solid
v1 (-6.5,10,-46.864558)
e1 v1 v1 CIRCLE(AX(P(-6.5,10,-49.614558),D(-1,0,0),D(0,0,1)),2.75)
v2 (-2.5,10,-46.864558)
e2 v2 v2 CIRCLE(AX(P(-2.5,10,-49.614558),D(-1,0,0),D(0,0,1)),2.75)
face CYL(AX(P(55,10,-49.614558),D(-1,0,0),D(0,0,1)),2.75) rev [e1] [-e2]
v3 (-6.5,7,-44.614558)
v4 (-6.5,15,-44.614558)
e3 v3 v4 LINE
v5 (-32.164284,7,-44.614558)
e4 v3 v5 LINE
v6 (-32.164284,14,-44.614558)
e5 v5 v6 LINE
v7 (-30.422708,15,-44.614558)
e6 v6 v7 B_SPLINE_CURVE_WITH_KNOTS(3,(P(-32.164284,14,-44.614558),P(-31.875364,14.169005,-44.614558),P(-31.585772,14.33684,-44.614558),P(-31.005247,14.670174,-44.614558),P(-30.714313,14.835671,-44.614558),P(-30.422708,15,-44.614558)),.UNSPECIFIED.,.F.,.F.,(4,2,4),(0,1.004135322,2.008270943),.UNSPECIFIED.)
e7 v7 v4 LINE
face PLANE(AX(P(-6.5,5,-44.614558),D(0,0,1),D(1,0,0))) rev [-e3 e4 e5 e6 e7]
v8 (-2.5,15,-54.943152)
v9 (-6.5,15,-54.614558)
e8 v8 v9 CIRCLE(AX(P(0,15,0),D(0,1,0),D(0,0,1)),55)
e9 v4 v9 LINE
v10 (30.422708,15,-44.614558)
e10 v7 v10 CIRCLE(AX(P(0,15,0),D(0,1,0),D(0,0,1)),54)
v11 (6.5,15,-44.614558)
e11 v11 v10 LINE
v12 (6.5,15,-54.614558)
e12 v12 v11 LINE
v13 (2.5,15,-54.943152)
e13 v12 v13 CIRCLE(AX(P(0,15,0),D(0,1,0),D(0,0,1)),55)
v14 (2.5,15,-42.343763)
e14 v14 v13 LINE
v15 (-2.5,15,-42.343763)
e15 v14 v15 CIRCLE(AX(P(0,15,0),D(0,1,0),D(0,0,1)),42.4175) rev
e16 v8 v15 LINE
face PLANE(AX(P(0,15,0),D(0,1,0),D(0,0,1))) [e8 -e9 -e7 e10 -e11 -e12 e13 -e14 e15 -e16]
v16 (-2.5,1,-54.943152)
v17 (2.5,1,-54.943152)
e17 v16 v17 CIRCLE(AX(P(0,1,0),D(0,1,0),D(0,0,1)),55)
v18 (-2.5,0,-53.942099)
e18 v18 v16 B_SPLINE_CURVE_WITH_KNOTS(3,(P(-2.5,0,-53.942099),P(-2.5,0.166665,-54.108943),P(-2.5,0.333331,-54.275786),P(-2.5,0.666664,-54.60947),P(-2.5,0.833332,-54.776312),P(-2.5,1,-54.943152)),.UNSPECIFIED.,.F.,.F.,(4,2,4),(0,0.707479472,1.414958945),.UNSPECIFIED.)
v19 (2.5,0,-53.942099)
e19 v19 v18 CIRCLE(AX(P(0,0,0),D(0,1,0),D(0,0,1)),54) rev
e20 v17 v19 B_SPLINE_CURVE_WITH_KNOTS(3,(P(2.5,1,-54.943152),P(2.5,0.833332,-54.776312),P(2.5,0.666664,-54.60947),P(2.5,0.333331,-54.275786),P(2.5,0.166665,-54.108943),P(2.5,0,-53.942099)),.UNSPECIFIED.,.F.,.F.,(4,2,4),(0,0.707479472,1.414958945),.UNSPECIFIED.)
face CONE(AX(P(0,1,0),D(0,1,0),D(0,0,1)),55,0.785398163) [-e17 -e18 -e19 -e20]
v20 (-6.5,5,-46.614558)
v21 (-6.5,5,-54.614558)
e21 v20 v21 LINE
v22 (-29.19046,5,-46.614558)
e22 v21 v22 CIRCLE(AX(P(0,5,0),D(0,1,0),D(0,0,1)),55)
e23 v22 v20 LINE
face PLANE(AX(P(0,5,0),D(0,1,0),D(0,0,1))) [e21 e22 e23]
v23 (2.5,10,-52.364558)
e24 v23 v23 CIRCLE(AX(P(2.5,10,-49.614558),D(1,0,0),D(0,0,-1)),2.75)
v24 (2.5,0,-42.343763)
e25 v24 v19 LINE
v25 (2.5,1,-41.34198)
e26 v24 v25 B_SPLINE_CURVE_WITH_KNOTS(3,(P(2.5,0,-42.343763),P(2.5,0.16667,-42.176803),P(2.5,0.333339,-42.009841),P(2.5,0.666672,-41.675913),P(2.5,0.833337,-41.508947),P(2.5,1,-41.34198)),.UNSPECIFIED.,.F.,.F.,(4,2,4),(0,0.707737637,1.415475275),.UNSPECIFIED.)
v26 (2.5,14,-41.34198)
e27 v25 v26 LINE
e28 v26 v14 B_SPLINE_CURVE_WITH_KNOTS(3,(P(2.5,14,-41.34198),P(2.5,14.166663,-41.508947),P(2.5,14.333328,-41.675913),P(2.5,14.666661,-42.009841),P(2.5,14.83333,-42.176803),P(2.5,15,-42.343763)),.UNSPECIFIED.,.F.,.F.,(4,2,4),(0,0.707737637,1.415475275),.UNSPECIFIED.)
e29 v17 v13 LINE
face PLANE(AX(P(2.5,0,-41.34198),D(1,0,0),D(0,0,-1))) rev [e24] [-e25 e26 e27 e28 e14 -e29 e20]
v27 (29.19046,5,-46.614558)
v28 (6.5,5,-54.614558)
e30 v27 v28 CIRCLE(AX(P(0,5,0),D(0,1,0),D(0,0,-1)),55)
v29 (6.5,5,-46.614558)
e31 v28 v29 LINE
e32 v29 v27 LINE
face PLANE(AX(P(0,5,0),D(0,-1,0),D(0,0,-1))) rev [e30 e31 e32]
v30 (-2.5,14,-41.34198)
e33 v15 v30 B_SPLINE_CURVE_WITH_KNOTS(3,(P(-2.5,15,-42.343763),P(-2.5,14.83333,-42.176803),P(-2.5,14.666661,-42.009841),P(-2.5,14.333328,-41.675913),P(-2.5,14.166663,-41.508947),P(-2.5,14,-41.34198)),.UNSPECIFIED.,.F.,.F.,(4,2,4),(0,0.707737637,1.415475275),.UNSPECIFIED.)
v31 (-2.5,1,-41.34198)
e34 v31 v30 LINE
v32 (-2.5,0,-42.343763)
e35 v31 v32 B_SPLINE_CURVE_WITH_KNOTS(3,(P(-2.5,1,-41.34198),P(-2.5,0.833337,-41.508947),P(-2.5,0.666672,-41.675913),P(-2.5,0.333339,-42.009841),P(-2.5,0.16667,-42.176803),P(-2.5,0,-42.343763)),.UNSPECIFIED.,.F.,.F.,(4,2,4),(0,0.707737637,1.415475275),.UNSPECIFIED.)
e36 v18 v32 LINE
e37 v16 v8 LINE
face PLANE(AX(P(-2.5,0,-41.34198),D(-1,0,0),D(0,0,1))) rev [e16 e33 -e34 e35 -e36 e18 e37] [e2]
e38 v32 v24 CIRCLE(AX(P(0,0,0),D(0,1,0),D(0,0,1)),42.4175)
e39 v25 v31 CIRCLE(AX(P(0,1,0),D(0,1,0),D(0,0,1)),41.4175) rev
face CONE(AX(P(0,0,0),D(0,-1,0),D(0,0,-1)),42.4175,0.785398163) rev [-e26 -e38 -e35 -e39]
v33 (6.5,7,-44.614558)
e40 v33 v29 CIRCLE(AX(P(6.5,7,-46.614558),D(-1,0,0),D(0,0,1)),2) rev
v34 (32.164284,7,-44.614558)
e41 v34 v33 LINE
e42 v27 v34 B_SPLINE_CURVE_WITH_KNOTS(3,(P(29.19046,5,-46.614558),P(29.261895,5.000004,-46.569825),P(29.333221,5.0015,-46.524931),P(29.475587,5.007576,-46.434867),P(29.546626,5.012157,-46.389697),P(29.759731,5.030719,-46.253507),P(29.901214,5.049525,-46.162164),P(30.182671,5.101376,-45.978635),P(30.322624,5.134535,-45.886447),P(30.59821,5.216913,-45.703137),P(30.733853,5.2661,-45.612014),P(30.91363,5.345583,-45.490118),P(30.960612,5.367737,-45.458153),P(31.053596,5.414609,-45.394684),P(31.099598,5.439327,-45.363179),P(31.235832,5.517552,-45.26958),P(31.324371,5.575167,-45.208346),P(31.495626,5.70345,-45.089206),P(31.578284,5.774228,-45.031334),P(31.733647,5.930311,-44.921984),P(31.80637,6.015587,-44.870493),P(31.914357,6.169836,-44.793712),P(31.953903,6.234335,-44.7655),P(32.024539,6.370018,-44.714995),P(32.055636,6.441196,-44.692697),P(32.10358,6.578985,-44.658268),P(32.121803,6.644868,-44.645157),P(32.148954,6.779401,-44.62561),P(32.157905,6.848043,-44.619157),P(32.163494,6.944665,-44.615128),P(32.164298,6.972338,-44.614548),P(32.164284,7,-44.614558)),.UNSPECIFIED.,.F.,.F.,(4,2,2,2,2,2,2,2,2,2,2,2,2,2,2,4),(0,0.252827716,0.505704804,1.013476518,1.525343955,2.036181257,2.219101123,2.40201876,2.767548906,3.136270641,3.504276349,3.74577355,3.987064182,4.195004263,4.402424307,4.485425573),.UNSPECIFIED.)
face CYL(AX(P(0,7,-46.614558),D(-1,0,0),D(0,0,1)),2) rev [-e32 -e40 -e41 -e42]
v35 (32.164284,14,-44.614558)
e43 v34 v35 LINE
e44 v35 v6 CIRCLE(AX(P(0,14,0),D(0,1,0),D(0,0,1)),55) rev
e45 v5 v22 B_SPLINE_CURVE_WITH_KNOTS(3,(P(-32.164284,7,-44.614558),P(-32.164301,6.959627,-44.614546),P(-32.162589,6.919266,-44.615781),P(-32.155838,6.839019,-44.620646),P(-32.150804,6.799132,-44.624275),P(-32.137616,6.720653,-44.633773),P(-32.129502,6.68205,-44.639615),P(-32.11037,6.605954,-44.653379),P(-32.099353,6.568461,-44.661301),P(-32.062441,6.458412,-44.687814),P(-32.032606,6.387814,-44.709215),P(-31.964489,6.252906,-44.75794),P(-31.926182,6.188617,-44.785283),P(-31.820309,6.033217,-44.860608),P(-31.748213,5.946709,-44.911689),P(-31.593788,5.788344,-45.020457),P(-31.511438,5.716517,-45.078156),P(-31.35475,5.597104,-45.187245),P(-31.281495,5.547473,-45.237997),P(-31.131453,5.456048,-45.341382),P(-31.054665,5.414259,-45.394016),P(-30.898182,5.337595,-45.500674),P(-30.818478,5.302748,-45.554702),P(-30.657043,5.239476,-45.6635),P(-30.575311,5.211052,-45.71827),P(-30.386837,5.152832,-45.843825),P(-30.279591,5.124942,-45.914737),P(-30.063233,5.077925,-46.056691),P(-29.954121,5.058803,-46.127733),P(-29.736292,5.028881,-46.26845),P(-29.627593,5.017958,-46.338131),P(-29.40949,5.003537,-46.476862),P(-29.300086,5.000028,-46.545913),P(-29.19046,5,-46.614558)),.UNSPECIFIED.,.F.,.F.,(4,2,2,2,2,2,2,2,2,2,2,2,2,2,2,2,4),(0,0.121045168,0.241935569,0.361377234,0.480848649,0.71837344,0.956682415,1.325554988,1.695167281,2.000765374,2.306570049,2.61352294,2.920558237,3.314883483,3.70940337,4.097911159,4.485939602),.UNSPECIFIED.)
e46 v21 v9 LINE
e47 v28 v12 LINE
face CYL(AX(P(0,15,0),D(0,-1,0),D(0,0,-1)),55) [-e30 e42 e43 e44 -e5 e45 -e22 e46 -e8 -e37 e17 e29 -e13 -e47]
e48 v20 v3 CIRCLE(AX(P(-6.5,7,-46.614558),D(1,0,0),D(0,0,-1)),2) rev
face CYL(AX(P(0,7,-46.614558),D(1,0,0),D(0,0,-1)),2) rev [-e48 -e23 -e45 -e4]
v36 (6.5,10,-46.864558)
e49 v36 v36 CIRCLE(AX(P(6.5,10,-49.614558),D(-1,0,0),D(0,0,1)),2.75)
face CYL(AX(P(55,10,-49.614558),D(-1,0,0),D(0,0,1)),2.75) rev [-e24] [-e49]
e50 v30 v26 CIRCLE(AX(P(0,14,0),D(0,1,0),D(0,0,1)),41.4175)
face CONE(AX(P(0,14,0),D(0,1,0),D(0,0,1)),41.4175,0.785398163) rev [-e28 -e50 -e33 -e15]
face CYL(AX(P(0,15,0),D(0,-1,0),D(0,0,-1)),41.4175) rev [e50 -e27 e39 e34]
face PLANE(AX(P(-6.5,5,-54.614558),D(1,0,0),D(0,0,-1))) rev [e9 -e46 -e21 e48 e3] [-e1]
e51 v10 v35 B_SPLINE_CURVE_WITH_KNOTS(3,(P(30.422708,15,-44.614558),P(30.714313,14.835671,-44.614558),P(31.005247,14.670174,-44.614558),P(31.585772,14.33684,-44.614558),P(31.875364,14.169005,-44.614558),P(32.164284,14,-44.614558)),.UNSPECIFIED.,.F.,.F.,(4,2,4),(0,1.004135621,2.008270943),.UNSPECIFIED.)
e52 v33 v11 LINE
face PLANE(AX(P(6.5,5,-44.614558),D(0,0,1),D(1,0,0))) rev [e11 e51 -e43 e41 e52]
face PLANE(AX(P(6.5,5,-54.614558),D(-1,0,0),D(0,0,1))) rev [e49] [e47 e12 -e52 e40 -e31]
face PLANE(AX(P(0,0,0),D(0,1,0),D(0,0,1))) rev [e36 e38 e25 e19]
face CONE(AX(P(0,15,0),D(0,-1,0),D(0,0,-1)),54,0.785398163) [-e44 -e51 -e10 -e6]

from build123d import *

# Parameters (mm, degrees)
SKETCH1_R           = 55
SKETCH1_R_2         = 41.4175
BOSS_EXTRUDE1_DEPTH = 15
CUT_EXTRUDE1_DEPTH  = 80.214897589
CUT_EXTRUDE2_START  = -10
CUT_EXTRUDE2_DEPTH  = 10
SKETCH4_R           = 2.75
CUT_EXTRUDE3_DEPTH  = 84.858511792
FILLET2_R           = 2
CHAMFER2_SIZE       = 1
CHAMFER3_SIZE       = 1


with BuildPart() as part:
    # Sketch1 → Boss-Extrude1 (new body)
    with BuildSketch(Plane(origin=(0, 0, 0), x_dir=(1, 0, 0), z_dir=(0, 1, 0))):
        with Locations(Location((0, 0, 0), (0, 0, 270))):
            Circle(SKETCH1_R)
        with Locations(Location((0, 0, 0), (0, 0, 270))):
            Circle(SKETCH1_R_2, mode=Mode.SUBTRACT)
    extrude(amount=BOSS_EXTRUDE1_DEPTH)

    # Sketch2 → Cut-Extrude1 (cut, through all)
    with BuildSketch(Plane(origin=(0, 15, 0), x_dir=(1, 0, 0), z_dir=(0, 1, 0))):
        with BuildLine():
            Line((-2.5, 41.341979951), (-2.5, 54.94315244))
            ThreePointArc((-2.5, 54.94315244), (0, 55), (2.5, 54.94315244))
            Line((2.5, 54.94315244), (2.5, 41.341979951))
            ThreePointArc((2.5, 41.341979951), (0, 41.4175), (-2.5, 41.341979951))
        make_face()
    extrude(amount=-CUT_EXTRUDE1_DEPTH, mode=Mode.SUBTRACT)

    # Sketch3 → Cut-Extrude2 (cut)
    with BuildSketch(Plane(origin=(0, 15, 0), x_dir=(1, 0, 0), z_dir=(0, 1, 0)).offset(CUT_EXTRUDE2_START)):
        with BuildLine():
            Line((-6.5, 54.614558499), (-6.5, 44.614558499))
            Line((-6.5, 44.614558499), (-32.164284074, 44.614558499))
            ThreePointArc((-32.164284074, 44.614558499), (-19.96826772, 51.247129522), (-6.5, 54.614558499))
        make_face()
        with BuildLine():
            Line((6.5, 44.614558499), (32.164284074, 44.614558499))
            ThreePointArc((32.164284074, 44.614558499), (19.96826772, 51.247129522), (6.5, 54.614558499))
            Line((6.5, 54.614558499), (6.5, 44.614558499))
        make_face()
    extrude(amount=CUT_EXTRUDE2_DEPTH, mode=Mode.SUBTRACT)

    # Sketch4 → Cut-Extrude3 (cut, through all)
    with BuildSketch(Plane.ZY.offset(6.5)):
        with Locations((-49.614558499, 10)):
            Circle(SKETCH4_R)
    extrude(amount=-CUT_EXTRUDE3_DEPTH, mode=Mode.SUBTRACT)

    # Fillet2
    fillet2_edges = [part.edges().sort_by_distance(p)[0] for p in [
        (-19.332142037, 5, -44.614558499),
        (19.332142037, 5, -44.614558499),
    ]]
    fillet(fillet2_edges, radius=FILLET2_R)

    # Chamfer2
    chamfer2_edges = [part.edges().sort_by_distance(p)[0] for p in [
        (0, 0, 55),
        (0, 15, 55),
    ]]
    chamfer(chamfer2_edges, length=CHAMFER2_SIZE)

    # Chamfer3
    chamfer3_edges = [part.edges().sort_by_distance(p)[0] for p in [
        (-41.398615683, 0, 1.250570198),
        (41.398615683, 15, 1.250570198),
    ]]
    chamfer(chamfer3_edges, length=CHAMFER3_SIZE)


solid = part.part
